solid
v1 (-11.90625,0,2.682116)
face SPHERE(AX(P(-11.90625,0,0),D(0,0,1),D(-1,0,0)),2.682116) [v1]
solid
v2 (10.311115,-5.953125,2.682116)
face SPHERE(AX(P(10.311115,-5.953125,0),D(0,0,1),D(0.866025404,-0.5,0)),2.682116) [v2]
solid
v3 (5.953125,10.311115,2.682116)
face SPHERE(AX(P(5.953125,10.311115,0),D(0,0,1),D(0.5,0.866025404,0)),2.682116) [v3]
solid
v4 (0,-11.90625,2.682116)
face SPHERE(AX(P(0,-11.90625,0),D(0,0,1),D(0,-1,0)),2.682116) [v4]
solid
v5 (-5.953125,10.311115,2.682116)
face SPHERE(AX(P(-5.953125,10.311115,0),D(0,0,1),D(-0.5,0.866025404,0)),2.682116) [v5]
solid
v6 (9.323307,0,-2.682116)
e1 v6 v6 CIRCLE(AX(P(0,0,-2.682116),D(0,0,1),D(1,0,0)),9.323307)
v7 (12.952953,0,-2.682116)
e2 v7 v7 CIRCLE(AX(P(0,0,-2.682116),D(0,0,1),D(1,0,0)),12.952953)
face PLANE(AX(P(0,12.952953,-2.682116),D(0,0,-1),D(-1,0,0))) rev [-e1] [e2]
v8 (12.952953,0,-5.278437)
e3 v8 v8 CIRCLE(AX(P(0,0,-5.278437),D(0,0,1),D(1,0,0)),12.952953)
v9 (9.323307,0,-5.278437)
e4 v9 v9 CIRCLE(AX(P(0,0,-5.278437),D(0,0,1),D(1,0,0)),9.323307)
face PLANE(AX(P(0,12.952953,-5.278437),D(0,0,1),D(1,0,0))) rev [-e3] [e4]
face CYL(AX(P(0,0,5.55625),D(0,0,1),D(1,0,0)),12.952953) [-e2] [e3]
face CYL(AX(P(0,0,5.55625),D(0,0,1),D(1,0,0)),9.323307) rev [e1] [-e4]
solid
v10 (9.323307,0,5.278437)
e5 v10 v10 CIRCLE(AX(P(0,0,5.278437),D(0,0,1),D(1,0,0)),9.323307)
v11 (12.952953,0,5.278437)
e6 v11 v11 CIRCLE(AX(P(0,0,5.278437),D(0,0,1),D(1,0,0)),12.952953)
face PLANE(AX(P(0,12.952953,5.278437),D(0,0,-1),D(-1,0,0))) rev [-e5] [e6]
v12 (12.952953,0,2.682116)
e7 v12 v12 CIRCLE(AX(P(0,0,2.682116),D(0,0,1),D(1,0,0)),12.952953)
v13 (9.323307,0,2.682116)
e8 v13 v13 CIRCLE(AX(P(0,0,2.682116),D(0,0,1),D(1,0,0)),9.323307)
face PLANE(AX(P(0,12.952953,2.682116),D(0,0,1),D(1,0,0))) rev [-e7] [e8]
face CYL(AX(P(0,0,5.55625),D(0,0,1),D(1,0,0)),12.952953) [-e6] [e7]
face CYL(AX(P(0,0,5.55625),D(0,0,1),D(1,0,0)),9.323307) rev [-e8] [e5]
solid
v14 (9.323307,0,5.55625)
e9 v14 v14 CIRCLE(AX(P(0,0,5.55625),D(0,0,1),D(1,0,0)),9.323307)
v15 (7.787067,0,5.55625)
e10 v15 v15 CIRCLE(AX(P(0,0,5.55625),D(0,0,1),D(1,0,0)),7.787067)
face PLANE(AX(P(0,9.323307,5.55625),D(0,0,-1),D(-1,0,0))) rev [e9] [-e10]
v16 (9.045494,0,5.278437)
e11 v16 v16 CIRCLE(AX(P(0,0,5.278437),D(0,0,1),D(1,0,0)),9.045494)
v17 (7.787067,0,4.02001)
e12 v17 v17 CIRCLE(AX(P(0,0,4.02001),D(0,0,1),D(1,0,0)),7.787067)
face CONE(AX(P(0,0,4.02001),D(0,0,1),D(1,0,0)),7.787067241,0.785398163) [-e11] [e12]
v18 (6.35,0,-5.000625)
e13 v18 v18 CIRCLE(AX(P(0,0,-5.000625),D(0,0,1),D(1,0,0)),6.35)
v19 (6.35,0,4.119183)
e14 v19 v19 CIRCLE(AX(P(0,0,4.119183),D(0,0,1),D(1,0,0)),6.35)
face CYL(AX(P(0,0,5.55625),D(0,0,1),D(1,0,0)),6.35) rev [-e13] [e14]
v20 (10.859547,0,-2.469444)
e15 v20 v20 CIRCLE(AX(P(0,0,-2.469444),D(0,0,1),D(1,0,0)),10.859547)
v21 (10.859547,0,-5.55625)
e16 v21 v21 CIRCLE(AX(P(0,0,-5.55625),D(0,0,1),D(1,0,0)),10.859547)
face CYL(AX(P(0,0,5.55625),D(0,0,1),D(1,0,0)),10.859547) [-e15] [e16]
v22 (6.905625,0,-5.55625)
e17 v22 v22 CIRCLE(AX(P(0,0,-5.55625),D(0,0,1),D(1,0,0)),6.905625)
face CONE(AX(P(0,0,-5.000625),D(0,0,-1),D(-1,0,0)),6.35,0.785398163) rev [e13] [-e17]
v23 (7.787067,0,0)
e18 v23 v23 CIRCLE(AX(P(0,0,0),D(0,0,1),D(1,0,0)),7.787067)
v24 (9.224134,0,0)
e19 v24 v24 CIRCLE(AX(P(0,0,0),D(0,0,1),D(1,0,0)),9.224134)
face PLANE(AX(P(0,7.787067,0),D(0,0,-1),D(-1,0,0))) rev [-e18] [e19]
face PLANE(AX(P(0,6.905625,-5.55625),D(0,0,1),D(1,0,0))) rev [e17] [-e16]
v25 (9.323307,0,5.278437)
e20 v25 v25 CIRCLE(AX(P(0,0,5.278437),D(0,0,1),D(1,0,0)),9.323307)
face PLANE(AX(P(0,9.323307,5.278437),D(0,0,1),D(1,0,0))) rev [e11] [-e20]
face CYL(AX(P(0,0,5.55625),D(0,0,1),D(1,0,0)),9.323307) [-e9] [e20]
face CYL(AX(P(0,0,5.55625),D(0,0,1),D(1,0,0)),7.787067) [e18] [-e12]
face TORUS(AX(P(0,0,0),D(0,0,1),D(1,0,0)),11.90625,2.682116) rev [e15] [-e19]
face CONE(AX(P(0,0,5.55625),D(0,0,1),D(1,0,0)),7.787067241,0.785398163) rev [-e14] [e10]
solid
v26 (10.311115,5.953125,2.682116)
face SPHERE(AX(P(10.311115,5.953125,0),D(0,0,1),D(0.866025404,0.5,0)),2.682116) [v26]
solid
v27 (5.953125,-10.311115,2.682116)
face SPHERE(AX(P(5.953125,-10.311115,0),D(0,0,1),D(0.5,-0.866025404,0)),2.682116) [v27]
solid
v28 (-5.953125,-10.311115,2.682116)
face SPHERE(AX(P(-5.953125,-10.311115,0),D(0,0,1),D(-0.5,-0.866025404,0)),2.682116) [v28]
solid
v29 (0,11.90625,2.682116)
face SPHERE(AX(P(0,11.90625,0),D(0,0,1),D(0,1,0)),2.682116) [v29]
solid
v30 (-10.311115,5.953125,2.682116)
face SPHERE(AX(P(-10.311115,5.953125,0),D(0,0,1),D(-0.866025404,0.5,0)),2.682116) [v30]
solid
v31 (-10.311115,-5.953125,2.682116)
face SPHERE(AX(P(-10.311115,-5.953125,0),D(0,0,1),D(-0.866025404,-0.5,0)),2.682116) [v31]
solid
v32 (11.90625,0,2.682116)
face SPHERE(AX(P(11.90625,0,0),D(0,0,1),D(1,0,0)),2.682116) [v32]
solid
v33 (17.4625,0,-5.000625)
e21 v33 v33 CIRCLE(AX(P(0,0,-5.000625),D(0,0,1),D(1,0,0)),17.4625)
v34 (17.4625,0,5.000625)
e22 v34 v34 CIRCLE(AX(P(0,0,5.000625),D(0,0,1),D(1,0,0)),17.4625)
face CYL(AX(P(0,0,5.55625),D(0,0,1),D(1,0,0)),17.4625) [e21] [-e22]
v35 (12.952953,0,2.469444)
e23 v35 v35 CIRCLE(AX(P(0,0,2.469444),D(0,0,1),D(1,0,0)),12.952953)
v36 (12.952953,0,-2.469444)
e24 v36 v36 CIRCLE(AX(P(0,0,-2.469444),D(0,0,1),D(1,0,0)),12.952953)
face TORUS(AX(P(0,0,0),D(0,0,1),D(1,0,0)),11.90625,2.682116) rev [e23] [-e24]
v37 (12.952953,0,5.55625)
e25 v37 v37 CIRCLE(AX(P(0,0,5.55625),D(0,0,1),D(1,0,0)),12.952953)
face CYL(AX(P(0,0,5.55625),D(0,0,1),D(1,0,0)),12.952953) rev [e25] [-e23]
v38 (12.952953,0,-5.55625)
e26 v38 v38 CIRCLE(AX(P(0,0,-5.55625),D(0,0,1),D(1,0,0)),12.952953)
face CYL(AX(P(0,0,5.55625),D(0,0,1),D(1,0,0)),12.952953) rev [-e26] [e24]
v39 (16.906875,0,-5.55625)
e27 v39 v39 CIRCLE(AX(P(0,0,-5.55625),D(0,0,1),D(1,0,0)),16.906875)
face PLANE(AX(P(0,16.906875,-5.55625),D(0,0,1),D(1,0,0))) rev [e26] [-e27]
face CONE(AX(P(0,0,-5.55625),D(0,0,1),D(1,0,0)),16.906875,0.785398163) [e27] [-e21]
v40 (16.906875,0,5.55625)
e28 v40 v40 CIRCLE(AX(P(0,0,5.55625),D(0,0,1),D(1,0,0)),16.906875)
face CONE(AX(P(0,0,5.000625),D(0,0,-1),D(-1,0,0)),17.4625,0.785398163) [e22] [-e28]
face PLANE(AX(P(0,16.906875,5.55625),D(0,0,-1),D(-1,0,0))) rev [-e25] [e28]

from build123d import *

# Parameters (mm, degrees)
CIRPATTERN1_COUNT = 12
SKETCH5_W         = 2.596321981
SKETCH5_H         = 3.629646325


with BuildPart() as part:
    # Sketch1 → Revolve1 (revolve)
    with BuildSketch(Plane(origin=(0, 0, 0), x_dir=(0, 0, -1), z_dir=(1, 0, 0))):
        with BuildLine():
            Line((5.000625, 17.4625), (-5.000625, 17.4625))
            Line((-5.000625, 17.4625), (-5.55625, 16.906875))
            Line((-5.55625, 16.906875), (-5.55625, 12.952953297))
            Line((-5.55625, 12.952953297), (-2.469444444, 12.952953297))
            ThreePointArc((-2.469444444, 12.952953297), (0, 14.588365519), (2.469444444, 12.952953297))
            Line((2.469444444, 12.952953297), (5.55625, 12.952953297))
            Line((5.55625, 12.952953297), (5.55625, 16.906875))
            Line((5.55625, 16.906875), (5.000625, 17.4625))
        make_face()
    revolve(axis=Axis((0, 0, 5.55625), (0, 0, -1)))


with BuildPart() as body_2:
    # Sketch3 → Revolve3 (revolve)
    with BuildSketch(Plane(origin=(0, 0, 0), x_dir=(0, 0, -1), z_dir=(1, 0, 0))):
        with BuildLine():
            Line((-5.2784375, 9.045494472), (-4.020010269, 7.787067241))
            Line((-4.020010269, 7.787067241), (0, 7.787067241))
            Line((0, 7.787067241), (0, 9.224134481))
            ThreePointArc((0, 9.224134481), (1.480939651, 9.670056492), (2.469444444, 10.859546703))
            Line((2.469444444, 10.859546703), (5.55625, 10.859546703))
            Line((5.55625, 10.859546703), (5.55625, 6.905625))
            Line((5.55625, 6.905625), (5.000625, 6.35))
            Line((5.000625, 6.35), (-4.119182759, 6.35))
            Line((-4.119182759, 6.35), (-5.55625, 7.787067241))
            Line((-5.55625, 7.787067241), (-5.55625, 9.323306972))
            Line((-5.55625, 9.323306972), (-5.2784375, 9.323306972))
            Line((-5.2784375, 9.323306972), (-5.2784375, 9.045494472))
        make_face()
    revolve(axis=Axis((0, 0, 5.55625), (0, 0, -1)))


with BuildPart() as body_3:
    # Sketch4 → Revolve4 (revolve)
    with BuildSketch(Plane(origin=(0, 0, 0), x_dir=(0, 0, -1), z_dir=(1, 0, 0))):
        with BuildLine():
            Line((-2.682115519, 11.90625), (2.682115519, 11.90625))
            ThreePointArc((2.682115519, 11.90625), (0, 14.588365519), (-2.682115519, 11.90625))
        make_face()
    revolve(axis=Axis((0, 11.90625, 2.682115519), (0, 0, -1)))


with BuildPart() as cirpattern1_1:
    # CirPattern1: pattern copy
    add(body_3.part.rotate(Axis((0, 0, -5.55625), (0, 0, 1)), 1 * 360 / CIRPATTERN1_COUNT))


with BuildPart() as cirpattern1_2:
    # CirPattern1: pattern copy
    add(body_3.part.rotate(Axis((0, 0, -5.55625), (0, 0, 1)), 2 * 360 / CIRPATTERN1_COUNT))


with BuildPart() as cirpattern1_3:
    # CirPattern1: pattern copy
    add(body_3.part.rotate(Axis((0, 0, -5.55625), (0, 0, 1)), 3 * 360 / CIRPATTERN1_COUNT))


with BuildPart() as cirpattern1_4:
    # CirPattern1: pattern copy
    add(body_3.part.rotate(Axis((0, 0, -5.55625), (0, 0, 1)), 4 * 360 / CIRPATTERN1_COUNT))


with BuildPart() as cirpattern1_5:
    # CirPattern1: pattern copy
    add(body_3.part.rotate(Axis((0, 0, -5.55625), (0, 0, 1)), 5 * 360 / CIRPATTERN1_COUNT))


with BuildPart() as cirpattern1_6:
    # CirPattern1: pattern copy
    add(body_3.part.rotate(Axis((0, 0, -5.55625), (0, 0, 1)), 6 * 360 / CIRPATTERN1_COUNT))


with BuildPart() as cirpattern1_7:
    # CirPattern1: pattern copy
    add(body_3.part.rotate(Axis((0, 0, -5.55625), (0, 0, 1)), 7 * 360 / CIRPATTERN1_COUNT))


with BuildPart() as cirpattern1_8:
    # CirPattern1: pattern copy
    add(body_3.part.rotate(Axis((0, 0, -5.55625), (0, 0, 1)), 8 * 360 / CIRPATTERN1_COUNT))


with BuildPart() as cirpattern1_9:
    # CirPattern1: pattern copy
    add(body_3.part.rotate(Axis((0, 0, -5.55625), (0, 0, 1)), 9 * 360 / CIRPATTERN1_COUNT))


with BuildPart() as cirpattern1_10:
    # CirPattern1: pattern copy
    add(body_3.part.rotate(Axis((0, 0, -5.55625), (0, 0, 1)), 10 * 360 / CIRPATTERN1_COUNT))


with BuildPart() as cirpattern1_11:
    # CirPattern1: pattern copy
    add(body_3.part.rotate(Axis((0, 0, -5.55625), (0, 0, 1)), 11 * 360 / CIRPATTERN1_COUNT))


with BuildPart() as body_15:
    # Sketch5 → Revolve5 (revolve)
    with BuildSketch(Plane(origin=(0, 0, 0), x_dir=(0, 0, -1), z_dir=(1, 0, 0))):
        with Locations((-3.98027651, 11.138130135)):
            Rectangle(SKETCH5_W, SKETCH5_H)
        with Locations((3.98027651, 11.138130135)):
            Rectangle(SKETCH5_W, SKETCH5_H)
    revolve(axis=Axis((0, 0, 5.55625), (0, 0, -1)))


solid = Compound([part.part, body_2.part, body_3.part, cirpattern1_1.part, cirpattern1_2.part, cirpattern1_3.part, cirpattern1_4.part, cirpattern1_5.part, cirpattern1_6.part, cirpattern1_7.part, cirpattern1_8.part, cirpattern1_9.part, cirpattern1_10.part, cirpattern1_11.part, body_15.part])
